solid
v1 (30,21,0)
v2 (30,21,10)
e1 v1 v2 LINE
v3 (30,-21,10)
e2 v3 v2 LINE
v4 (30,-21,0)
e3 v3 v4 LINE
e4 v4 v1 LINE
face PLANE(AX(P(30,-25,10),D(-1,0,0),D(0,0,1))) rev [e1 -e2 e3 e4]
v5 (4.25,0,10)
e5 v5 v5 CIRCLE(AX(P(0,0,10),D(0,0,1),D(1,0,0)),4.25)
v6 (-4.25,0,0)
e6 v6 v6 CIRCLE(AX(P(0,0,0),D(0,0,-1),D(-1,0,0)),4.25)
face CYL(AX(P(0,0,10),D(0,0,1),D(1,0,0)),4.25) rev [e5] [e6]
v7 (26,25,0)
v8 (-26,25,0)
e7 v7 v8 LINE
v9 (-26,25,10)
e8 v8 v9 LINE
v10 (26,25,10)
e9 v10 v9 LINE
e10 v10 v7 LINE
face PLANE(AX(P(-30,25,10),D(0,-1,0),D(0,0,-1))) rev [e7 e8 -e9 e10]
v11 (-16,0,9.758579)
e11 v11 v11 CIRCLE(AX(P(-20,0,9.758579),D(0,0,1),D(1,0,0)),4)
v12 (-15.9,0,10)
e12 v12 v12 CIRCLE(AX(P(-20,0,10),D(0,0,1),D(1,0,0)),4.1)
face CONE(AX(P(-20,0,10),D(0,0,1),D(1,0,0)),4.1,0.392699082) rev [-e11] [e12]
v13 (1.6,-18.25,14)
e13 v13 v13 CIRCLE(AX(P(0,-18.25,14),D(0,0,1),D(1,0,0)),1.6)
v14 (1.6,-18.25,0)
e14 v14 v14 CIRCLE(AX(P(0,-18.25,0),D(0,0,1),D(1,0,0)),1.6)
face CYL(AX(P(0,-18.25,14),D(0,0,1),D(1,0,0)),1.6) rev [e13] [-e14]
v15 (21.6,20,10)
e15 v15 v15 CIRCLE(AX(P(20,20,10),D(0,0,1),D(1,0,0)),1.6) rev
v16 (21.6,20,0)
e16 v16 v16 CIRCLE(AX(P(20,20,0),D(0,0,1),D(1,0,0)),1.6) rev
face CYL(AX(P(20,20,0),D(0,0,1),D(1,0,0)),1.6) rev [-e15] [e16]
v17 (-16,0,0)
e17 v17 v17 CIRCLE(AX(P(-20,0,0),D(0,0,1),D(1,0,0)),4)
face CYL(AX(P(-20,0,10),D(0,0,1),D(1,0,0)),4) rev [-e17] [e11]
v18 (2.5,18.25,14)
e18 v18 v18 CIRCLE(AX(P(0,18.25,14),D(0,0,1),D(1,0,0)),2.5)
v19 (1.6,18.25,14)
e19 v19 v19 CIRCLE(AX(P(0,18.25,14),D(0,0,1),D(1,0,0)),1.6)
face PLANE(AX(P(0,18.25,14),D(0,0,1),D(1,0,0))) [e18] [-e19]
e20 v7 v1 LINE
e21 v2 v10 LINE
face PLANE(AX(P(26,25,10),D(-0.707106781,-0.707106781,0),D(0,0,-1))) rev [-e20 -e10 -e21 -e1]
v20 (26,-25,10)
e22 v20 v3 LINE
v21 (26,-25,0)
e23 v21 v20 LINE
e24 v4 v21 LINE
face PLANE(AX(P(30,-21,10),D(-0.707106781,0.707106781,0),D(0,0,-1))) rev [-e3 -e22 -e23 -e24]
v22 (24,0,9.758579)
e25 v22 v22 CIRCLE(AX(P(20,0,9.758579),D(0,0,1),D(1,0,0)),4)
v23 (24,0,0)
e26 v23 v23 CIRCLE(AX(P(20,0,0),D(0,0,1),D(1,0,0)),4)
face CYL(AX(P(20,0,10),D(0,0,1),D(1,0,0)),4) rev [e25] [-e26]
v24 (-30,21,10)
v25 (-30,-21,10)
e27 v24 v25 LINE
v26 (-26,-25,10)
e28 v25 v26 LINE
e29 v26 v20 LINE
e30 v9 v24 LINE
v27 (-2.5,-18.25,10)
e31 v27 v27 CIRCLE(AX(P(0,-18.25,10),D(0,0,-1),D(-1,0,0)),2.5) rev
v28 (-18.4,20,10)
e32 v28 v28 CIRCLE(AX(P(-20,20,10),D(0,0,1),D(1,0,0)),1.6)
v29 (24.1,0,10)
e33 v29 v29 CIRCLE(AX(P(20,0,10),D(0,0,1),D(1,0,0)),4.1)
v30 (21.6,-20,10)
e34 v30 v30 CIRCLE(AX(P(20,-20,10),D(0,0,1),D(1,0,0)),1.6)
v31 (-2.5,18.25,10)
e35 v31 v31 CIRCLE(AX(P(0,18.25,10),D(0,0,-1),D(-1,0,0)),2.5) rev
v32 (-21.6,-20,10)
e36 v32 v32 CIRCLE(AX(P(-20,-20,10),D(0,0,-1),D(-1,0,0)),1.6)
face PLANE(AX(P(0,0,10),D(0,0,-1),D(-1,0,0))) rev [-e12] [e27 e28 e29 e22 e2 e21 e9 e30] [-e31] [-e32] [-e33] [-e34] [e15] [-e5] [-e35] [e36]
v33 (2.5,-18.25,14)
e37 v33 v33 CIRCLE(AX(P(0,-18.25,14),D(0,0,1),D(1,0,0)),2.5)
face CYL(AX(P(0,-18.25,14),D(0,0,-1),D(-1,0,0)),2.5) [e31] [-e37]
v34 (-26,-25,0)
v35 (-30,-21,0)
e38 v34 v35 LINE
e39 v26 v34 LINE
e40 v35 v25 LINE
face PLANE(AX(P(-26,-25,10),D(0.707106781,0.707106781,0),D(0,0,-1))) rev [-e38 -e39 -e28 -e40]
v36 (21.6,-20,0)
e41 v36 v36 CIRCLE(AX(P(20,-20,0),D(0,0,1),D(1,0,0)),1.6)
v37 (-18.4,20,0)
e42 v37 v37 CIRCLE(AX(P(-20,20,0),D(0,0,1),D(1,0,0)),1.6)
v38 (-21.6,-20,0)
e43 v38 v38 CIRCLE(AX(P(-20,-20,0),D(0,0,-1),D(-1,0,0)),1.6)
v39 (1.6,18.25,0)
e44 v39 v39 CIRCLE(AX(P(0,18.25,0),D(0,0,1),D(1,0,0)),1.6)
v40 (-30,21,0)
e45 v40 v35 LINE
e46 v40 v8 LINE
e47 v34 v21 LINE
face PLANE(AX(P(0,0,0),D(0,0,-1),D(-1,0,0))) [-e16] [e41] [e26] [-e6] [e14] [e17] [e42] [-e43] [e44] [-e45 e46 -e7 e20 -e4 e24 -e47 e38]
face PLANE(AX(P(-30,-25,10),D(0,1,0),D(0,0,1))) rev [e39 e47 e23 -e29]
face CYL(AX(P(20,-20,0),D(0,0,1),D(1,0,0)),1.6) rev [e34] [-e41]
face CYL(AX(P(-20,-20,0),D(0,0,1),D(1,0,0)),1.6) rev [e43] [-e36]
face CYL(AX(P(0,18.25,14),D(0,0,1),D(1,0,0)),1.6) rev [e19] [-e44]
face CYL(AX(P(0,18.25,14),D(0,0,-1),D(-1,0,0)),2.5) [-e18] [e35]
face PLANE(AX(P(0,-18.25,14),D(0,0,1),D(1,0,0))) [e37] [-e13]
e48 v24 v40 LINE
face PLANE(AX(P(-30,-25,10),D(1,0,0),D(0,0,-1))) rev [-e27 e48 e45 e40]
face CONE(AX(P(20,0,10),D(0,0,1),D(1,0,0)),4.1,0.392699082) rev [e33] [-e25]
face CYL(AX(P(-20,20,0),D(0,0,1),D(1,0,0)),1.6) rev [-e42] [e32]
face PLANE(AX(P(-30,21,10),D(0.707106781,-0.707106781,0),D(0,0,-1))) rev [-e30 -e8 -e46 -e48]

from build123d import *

# Parameters (mm, degrees)
SKETCH_1_W                = 60
SKETCH_1_H                = 50
EXTRUDE_1_DEPTH           = 10
HOLE_WIZARD_1_D           = 8.5
HOLE_WIZARD_1_DEPTH       = 20
HOLE_WIZARD_2_D           = 8
HOLE_WIZARD_2_CSINK_D     = 8.2
HOLE_WIZARD_2_CSINK_ANGLE = 45
SKETCH_9_R                = 2.5
EXTRUDE_3_DEPTH           = 4
HOLE_WIZARD_3_D           = 3.2
CHAMFER_1_SIZE            = 4
SKETCH_15_R               = 1.6
CUT_EXTRUDE_1_DEPTH       = 41.311288741


with BuildPart() as part:
    # 草图1 → 凸台-拉伸1 (new body)
    with BuildSketch(Plane.XY):
        Rectangle(SKETCH_1_W, SKETCH_1_H)
    extrude(amount=EXTRUDE_1_DEPTH)

    # 孔1
    with Locations(Plane.XY.offset(10)):
        with Locations((0, 0)):
            Hole(HOLE_WIZARD_1_D / 2, depth=HOLE_WIZARD_1_DEPTH)

    # 孔2 (through all)
    with Locations(Plane.XY.offset(10)):
        with Locations((20, 0), (-20, 0)):
            CounterSinkHole(HOLE_WIZARD_2_D / 2, HOLE_WIZARD_2_CSINK_D / 2, counter_sink_angle=HOLE_WIZARD_2_CSINK_ANGLE)

    # 草图9 → 凸台-拉伸3 (add)
    with BuildSketch(Plane.XY.offset(10)):
        with Locations(Location((0, 18.25, 0), (0, 0, 180))):
            Circle(SKETCH_9_R)
        with Locations(Location((0, -18.25, 0), (0, 0, 180))):
            Circle(SKETCH_9_R)
    extrude(amount=EXTRUDE_3_DEPTH)

    # 孔3 (through all)
    with Locations(Plane.XY.offset(14)):
        with Locations((0, 18.25), (0, -18.25)):
            Hole(HOLE_WIZARD_3_D / 2)

    # 倒角1
    chamfer_1_edges = [part.edges().sort_by_distance(p)[0] for p in [
        (30, -25, 5),
        (-30, -25, 5),
        (-30, 25, 5),
        (30, 25, 5),
    ]]
    chamfer(chamfer_1_edges, length=CHAMFER_1_SIZE)

    # 草图15 → 切除-拉伸1 (cut, through all)
    with BuildSketch(Plane.XY.offset(10)):
        with BuildLine():
            ThreePointArc((-21.13137085, 21.13137085), (-21.13137085, 18.86862915), (-18.86862915, 18.86862915))
            Line((-18.86862915, 18.86862915), (-21.13137085, 21.13137085))
        make_face()
        with BuildLine():
            Line((-21.13137085, 21.13137085), (-18.86862915, 18.86862915))
            ThreePointArc((-18.86862915, 18.86862915), (-18.521792748, 19.387706508), (-18.4, 20))
            ThreePointArc((-18.4, 20), (-19.387706508, 21.478207252), (-21.13137085, 21.13137085))
        make_face()
        with Locations((20, 20)):
            Circle(SKETCH_15_R)
        with Locations((20, -20)):
            Circle(SKETCH_15_R)
        with Locations(Location((-20, -20, 0), (0, 0, 180))):
            Circle(SKETCH_15_R)
    extrude(amount=-CUT_EXTRUDE_1_DEPTH, mode=Mode.SUBTRACT)


solid = part.part
